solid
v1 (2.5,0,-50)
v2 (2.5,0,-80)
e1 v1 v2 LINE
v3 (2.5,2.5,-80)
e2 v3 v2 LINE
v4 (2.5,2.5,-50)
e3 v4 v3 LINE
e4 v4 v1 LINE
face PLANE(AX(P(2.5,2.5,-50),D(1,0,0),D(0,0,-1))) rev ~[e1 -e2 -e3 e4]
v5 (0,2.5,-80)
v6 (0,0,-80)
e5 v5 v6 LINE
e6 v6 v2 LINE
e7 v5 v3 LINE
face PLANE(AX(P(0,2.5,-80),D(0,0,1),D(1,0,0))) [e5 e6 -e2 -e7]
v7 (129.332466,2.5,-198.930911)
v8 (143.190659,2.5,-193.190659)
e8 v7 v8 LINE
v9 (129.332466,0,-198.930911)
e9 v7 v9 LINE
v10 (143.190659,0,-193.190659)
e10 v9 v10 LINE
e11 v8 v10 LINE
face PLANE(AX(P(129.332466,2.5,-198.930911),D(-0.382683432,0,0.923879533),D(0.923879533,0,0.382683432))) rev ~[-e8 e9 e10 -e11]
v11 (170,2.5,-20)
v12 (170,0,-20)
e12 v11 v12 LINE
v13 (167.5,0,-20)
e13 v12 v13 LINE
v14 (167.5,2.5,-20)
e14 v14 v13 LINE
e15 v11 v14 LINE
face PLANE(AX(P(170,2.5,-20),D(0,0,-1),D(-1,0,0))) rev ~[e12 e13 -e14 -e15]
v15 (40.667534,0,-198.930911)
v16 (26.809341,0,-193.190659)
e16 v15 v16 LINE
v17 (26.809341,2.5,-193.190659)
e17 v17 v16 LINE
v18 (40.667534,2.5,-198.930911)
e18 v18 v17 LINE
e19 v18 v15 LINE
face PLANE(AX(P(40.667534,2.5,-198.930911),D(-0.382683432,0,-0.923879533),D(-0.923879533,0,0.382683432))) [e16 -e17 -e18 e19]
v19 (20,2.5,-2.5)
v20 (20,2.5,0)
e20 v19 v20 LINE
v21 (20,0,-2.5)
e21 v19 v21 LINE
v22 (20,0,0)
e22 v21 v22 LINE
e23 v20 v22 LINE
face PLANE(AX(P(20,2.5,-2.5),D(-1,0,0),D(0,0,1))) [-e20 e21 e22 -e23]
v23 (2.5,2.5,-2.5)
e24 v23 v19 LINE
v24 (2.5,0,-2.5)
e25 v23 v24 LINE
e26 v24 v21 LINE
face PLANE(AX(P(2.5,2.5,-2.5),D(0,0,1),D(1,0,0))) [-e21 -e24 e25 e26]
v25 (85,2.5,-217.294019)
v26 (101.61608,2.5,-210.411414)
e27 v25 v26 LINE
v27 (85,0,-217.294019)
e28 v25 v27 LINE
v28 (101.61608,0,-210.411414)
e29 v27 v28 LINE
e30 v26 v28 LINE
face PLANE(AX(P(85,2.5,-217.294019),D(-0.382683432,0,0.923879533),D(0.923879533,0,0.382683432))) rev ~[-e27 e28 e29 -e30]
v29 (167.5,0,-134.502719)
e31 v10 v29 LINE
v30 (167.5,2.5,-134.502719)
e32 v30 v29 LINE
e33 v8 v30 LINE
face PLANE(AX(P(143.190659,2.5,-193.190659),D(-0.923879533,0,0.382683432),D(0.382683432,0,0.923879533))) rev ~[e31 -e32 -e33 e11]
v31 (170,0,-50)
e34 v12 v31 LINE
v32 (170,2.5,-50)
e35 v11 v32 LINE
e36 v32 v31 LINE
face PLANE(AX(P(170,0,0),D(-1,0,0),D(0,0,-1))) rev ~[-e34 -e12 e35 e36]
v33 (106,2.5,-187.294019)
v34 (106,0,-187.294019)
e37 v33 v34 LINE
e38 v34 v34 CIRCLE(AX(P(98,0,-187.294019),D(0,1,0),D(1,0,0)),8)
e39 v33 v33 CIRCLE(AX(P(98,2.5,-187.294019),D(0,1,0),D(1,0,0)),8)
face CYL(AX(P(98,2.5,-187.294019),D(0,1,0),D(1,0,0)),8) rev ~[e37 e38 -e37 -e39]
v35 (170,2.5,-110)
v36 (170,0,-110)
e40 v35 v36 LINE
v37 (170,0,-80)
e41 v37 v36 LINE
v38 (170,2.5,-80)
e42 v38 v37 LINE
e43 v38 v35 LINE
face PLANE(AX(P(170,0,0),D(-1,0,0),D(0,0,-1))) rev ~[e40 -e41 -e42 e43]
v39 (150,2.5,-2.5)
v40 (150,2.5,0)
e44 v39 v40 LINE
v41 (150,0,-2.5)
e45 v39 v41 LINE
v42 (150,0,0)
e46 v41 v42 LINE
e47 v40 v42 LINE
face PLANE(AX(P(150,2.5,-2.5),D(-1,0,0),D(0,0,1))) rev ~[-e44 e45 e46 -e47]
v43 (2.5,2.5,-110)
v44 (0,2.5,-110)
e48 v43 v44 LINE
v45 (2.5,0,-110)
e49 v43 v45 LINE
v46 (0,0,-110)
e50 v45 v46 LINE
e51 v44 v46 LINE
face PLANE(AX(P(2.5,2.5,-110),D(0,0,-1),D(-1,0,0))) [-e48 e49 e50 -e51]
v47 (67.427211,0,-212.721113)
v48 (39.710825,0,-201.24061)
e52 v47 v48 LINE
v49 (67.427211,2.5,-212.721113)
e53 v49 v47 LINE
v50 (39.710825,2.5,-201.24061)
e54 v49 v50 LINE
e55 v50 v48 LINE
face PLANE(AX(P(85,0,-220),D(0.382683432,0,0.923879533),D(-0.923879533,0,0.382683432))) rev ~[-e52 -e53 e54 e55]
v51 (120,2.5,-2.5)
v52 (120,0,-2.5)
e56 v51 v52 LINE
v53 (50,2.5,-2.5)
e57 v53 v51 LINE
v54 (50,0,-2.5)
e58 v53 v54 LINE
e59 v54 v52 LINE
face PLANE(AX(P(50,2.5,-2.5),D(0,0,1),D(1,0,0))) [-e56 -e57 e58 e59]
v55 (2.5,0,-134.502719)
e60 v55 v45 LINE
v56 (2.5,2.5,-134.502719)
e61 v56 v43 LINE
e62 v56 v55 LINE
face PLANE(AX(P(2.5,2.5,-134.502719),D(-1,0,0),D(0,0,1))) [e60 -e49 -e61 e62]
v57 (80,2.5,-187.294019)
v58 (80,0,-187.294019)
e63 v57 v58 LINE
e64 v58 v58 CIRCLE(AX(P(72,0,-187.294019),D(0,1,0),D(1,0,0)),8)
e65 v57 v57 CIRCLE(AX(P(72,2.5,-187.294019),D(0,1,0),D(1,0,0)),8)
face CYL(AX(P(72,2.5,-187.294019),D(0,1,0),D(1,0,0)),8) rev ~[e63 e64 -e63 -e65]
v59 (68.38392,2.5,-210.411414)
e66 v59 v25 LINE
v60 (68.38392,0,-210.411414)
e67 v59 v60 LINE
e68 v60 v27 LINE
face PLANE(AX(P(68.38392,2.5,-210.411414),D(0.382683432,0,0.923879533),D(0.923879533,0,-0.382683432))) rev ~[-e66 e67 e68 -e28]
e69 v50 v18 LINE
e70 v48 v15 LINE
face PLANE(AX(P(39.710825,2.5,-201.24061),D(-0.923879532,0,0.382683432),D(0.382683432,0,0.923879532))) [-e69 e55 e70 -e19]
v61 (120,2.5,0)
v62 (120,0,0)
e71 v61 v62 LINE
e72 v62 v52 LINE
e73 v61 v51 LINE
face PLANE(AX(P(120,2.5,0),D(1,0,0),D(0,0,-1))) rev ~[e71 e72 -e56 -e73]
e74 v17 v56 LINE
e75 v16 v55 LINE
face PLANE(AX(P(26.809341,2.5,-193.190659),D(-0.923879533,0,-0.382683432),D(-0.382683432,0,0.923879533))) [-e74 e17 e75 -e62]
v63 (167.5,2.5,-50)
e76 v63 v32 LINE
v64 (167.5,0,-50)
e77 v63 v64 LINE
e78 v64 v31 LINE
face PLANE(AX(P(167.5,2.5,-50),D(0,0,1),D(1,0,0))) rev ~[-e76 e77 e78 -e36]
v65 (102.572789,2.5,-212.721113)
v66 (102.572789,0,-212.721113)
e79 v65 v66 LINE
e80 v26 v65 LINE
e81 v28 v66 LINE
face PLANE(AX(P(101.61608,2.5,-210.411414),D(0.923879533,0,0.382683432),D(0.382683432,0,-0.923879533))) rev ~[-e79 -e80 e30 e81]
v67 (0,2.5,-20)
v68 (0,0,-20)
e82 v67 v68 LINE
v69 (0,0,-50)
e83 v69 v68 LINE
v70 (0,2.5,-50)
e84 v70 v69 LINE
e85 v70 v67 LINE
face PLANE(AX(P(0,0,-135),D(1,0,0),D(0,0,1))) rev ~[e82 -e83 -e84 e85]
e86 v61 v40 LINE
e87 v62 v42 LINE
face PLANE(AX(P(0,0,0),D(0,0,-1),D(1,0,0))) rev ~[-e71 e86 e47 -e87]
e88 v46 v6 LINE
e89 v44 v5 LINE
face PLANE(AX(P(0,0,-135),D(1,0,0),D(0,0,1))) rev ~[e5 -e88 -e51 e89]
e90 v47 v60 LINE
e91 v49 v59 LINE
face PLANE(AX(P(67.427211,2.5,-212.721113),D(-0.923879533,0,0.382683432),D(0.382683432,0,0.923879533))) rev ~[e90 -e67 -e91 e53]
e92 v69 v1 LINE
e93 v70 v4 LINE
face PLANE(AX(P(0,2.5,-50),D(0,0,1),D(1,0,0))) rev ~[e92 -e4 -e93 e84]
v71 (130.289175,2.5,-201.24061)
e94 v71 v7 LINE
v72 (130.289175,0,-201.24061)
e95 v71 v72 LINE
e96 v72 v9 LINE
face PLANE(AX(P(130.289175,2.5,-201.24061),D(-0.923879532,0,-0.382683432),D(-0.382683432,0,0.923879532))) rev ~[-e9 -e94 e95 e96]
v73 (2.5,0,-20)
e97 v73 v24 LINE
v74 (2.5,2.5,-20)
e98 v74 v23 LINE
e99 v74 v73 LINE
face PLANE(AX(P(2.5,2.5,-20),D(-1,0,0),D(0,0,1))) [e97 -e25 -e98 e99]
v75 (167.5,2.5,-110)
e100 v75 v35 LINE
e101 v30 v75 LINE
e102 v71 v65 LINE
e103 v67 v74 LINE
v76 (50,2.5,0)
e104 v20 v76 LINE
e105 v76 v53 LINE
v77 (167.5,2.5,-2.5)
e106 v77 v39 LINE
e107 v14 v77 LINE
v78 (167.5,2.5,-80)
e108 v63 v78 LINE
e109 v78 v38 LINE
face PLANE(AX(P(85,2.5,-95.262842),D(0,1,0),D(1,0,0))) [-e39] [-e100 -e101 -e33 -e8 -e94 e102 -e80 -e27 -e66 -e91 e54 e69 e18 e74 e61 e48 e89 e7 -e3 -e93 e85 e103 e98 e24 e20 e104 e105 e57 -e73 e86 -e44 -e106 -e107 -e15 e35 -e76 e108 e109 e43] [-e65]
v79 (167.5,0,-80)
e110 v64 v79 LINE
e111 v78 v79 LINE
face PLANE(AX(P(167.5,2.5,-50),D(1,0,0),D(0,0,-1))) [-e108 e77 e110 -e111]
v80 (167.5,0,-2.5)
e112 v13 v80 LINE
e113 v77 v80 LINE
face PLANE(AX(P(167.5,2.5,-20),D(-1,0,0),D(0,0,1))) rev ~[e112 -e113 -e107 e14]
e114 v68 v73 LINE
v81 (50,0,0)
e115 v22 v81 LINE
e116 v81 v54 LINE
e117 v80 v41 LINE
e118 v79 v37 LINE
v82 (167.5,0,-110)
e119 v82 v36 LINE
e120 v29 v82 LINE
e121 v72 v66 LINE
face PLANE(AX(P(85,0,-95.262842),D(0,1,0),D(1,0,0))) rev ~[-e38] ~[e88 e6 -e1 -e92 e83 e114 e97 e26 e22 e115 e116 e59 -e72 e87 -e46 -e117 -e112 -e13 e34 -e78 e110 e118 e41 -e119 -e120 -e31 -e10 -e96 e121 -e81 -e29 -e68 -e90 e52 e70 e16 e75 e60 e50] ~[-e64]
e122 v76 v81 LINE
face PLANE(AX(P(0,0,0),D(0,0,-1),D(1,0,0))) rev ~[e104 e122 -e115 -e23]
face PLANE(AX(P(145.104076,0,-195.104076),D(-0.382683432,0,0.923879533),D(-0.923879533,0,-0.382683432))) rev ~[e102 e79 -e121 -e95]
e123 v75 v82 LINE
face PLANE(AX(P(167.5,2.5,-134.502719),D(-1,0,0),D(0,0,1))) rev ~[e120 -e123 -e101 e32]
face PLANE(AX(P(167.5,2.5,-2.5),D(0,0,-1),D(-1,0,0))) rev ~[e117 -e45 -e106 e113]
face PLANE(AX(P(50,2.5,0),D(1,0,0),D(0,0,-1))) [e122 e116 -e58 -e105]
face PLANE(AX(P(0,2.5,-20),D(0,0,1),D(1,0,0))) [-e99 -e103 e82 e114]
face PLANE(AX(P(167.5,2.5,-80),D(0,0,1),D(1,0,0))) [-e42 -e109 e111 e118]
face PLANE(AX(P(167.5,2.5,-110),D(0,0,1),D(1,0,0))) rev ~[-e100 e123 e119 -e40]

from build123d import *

# Parameters (mm, degrees)
BOSS_EXTRUDE1_DEPTH = 2.5
SKETCH6_W           = 70
SKETCH6_H           = 2.5
SKETCH6_W_2         = 2.5
SKETCH6_H_2         = 30
CUT_EXTRUDE3_DEPTH  = 3.5
SKETCH7_R           = 8
CUT_EXTRUDE4_DEPTH  = 3.5


with BuildPart() as part:
    # Sketch2 → Boss-Extrude1 (new body)
    with BuildSketch(Plane(origin=(0, 0, 0), x_dir=(1, 0, 0), z_dir=(0, 1, 0))):
        Polygon((0, 0), (170, 0), (170, 135), (145.104076401, 195.104076401), (85, 220), (24.895923599, 195.104076401), (0, 135), align=None)
    extrude(amount=BOSS_EXTRUDE1_DEPTH)

    # Sketch6 → Cut-Extrude3 (cut, through all)
    with BuildSketch(Plane(origin=(0, 2.5, 0), x_dir=(1, 0, 0), z_dir=(0, 1, 0))):
        with Locations((85, 1.25)):
            Rectangle(SKETCH6_W, SKETCH6_H)
        Polygon((170, 0), (170, 20), (167.5, 20), (167.5, 2.5), (150, 2.5), (150, 0), align=None)
        Polygon((145.104076401, 195.104076401), (130.289174832, 201.240609556), (129.332466251, 198.930910725), (143.190659239, 193.190659239), (167.5, 134.502719082), (167.5, 110), (170, 110), (170, 135), align=None)
        with Locations((168.75, 65)):
            Rectangle(SKETCH6_W_2, SKETCH6_H_2)
        Polygon((101.616080276, 210.411413695), (102.572788857, 212.721112527), (85, 220), (67.427211143, 212.721112527), (68.383919724, 210.411413695), (85, 217.294019499), align=None)
        Polygon((0, 110), (0, 135), (24.895923599, 195.104076401), (39.710825168, 201.240609556), (40.667533749, 198.930910725), (26.809340761, 193.190659239), (2.5, 134.502719082), (2.5, 110), align=None)
        with Locations((1.25, 65)):
            Rectangle(SKETCH6_W_2, SKETCH6_H_2)
        Polygon((20, 0), (0, 0), (0, 20), (2.5, 20), (2.5, 2.5), (20, 2.5), align=None)
    extrude(amount=-CUT_EXTRUDE3_DEPTH, mode=Mode.SUBTRACT)

    # Sketch7 → Cut-Extrude4 (cut, through all)
    with BuildSketch(Plane(origin=(0, 2.5, 0), x_dir=(1, 0, 0), z_dir=(0, 1, 0))):
        with Locations((72, 187.294019499)):
            Circle(SKETCH7_R)
        with Locations((98, 187.294019499)):
            Circle(SKETCH7_R)
    extrude(amount=-CUT_EXTRUDE4_DEPTH, mode=Mode.SUBTRACT)


solid = part.part
